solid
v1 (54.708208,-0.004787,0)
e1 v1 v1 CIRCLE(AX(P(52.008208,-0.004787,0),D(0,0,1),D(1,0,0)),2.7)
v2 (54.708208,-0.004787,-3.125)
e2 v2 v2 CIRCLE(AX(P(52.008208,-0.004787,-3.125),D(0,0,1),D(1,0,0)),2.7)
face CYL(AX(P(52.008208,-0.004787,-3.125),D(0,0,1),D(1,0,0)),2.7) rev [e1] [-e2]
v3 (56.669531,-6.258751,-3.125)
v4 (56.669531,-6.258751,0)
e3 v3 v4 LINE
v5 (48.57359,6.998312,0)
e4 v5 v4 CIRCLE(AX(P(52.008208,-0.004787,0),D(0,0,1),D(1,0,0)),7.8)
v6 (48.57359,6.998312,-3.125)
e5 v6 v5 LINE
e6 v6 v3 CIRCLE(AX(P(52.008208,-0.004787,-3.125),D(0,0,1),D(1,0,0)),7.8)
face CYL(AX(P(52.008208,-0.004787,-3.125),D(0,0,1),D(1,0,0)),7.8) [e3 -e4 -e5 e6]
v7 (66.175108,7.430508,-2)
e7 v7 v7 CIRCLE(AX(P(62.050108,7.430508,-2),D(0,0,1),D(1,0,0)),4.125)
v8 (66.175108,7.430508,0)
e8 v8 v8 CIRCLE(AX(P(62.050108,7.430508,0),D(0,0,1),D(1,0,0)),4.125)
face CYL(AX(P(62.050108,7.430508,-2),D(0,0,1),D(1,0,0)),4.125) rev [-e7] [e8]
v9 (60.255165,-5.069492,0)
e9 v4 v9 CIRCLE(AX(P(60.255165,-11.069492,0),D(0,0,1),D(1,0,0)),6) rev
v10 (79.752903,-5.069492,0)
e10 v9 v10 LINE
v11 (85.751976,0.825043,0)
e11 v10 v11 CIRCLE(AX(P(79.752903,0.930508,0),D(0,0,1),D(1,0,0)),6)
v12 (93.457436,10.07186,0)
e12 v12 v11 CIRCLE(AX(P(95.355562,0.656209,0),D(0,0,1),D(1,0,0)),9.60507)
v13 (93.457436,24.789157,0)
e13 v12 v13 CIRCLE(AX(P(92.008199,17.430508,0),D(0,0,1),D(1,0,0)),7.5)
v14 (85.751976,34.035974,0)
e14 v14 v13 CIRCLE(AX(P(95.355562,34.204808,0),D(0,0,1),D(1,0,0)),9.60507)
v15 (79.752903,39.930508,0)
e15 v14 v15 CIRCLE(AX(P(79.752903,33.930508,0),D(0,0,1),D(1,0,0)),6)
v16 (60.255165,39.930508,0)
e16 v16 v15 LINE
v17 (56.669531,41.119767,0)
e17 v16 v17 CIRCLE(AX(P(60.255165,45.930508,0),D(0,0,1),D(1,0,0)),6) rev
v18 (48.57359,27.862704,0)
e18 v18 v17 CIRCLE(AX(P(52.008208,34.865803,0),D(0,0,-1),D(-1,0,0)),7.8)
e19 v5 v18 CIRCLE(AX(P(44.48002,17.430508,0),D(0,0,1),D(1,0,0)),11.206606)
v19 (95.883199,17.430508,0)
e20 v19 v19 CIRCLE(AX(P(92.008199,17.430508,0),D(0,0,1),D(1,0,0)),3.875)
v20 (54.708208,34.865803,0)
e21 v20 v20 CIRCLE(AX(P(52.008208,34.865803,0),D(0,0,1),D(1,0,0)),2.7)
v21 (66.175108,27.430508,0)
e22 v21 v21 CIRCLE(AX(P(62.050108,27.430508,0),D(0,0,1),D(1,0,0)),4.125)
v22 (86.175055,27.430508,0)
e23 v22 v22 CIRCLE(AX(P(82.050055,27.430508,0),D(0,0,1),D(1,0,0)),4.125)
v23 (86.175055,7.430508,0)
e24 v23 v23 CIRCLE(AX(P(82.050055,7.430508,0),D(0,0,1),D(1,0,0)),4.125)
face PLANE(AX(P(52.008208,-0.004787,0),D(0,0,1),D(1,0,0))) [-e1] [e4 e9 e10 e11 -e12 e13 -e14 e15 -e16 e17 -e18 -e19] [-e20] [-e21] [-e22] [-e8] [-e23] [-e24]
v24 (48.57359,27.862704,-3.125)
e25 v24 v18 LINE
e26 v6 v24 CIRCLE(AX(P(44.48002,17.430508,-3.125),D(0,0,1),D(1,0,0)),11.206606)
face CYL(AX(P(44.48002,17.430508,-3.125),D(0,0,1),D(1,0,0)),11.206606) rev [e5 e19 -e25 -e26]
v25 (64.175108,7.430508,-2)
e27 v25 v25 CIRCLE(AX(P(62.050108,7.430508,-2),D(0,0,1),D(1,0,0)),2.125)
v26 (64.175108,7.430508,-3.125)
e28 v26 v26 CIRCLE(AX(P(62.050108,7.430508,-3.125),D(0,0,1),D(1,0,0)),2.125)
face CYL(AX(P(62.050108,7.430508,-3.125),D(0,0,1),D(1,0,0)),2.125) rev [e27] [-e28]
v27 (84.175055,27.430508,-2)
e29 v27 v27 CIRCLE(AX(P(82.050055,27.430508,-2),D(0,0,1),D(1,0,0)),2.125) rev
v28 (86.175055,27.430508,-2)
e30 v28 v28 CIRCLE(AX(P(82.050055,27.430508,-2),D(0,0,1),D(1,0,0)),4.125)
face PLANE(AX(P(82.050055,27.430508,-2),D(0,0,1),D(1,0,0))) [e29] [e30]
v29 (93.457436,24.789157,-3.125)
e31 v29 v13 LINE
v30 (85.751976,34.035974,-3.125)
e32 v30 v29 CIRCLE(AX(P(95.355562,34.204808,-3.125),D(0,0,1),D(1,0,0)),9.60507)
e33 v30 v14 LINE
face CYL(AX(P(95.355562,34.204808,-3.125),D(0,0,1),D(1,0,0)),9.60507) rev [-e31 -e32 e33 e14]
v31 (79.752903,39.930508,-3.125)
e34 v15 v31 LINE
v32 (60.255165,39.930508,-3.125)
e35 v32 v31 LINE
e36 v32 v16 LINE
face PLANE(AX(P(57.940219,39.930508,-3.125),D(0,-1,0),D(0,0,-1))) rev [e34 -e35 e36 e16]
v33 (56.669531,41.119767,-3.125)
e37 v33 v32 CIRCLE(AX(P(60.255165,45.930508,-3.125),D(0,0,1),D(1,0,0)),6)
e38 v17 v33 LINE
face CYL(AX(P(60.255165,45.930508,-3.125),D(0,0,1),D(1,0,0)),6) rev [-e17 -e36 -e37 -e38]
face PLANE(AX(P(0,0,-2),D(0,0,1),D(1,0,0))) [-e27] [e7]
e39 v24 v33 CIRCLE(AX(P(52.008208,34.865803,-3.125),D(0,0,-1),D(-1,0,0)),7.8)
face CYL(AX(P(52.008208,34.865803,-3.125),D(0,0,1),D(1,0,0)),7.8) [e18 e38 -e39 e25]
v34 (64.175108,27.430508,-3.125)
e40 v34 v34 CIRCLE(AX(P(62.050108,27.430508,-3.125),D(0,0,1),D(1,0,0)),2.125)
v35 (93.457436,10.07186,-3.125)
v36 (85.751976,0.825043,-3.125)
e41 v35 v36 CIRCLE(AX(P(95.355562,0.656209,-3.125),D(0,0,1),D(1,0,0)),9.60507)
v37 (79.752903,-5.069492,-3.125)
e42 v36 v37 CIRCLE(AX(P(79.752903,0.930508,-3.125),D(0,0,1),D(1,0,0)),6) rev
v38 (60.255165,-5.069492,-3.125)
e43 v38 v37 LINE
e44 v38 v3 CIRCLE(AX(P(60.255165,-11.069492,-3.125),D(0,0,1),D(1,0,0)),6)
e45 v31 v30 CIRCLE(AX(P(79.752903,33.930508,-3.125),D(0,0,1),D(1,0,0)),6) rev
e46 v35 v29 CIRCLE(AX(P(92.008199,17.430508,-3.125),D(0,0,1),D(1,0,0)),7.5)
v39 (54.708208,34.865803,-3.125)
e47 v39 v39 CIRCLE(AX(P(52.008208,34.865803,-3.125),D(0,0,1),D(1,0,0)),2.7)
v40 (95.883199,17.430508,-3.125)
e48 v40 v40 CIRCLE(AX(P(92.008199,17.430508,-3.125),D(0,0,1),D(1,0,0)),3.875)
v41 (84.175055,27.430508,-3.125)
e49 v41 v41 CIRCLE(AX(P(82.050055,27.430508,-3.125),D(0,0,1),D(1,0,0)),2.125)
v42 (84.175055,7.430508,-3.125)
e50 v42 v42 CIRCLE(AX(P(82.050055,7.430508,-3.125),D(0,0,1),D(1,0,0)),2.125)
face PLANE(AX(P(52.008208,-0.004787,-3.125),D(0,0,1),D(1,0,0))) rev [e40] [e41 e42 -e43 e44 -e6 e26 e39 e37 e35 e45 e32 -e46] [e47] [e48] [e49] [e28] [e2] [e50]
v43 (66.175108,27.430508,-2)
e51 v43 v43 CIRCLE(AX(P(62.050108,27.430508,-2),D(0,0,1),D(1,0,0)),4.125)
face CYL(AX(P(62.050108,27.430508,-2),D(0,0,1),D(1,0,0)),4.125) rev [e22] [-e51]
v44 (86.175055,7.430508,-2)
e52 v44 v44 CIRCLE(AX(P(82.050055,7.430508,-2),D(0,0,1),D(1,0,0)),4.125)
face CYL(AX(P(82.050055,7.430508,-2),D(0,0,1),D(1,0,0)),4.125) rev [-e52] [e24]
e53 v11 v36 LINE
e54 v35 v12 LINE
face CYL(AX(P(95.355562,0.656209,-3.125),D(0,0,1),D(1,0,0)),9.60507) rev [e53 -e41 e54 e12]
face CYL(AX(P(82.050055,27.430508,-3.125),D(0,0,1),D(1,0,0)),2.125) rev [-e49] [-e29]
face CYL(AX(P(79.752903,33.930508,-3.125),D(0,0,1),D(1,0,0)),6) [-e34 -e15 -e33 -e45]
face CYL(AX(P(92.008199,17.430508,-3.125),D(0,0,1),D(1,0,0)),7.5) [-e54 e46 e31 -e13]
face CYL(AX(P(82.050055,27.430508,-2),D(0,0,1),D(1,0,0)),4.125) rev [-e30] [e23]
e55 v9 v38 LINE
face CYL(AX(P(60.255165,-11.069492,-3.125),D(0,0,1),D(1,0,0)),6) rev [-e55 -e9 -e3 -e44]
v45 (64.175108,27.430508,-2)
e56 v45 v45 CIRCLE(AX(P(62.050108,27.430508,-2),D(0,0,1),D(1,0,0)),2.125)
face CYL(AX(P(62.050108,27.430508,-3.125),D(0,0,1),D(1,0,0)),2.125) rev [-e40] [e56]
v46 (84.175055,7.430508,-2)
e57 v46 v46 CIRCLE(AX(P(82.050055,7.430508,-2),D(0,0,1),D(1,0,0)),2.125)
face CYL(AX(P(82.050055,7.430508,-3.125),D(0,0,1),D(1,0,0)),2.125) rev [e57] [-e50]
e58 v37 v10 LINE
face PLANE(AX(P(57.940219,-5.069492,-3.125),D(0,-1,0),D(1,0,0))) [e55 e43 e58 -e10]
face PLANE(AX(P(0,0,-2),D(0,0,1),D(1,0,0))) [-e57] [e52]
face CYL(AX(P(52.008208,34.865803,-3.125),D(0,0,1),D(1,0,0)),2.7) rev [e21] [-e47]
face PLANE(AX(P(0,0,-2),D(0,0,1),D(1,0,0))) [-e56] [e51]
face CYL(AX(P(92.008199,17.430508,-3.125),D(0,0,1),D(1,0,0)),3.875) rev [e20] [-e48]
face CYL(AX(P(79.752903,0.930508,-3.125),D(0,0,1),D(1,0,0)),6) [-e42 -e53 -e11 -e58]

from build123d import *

# Parameters (mm, degrees)
MODEL_R             = 2.7
MODEL_R_2           = 3.875
MODEL_R_3           = 2.125
BOSS_EXTRUDE1_DEPTH = 3.125
MODEL_3_R           = 4.125
MODEL_3_R_2         = 2.125
CUT_EXTRUDE1_DEPTH  = 2
FILLET1_R           = 6
FILLET2_R           = 6


with BuildPart() as part:
    # Model → Boss-Extrude1 (new body)
    with BuildSketch(Plane.XY):
        with BuildLine():
            Line((85.751165458, 39.930508181), (57.940219492, 39.930508181))
            ThreePointArc((57.940219492, 39.930508181), (45.846452894, 39.648352972), (48.573590158, 27.862703884))
            ThreePointArc((48.573590158, 27.862703884), (55.686625956, 17.430508181), (48.573590158, 6.998312478))
            ThreePointArc((48.573590158, 6.998312478), (45.846452894, -4.78733661), (57.940219492, -5.069491819))
            Line((57.940219492, -5.069491819), (85.751165458, -5.069491819))
            Line((85.751165458, -5.069491819), (85.751165458, 0.769903947))
            ThreePointArc((85.751165458, 0.769903947), (87.9590359, 6.783913161), (93.457436342, 10.071859524))
            ThreePointArc((93.457436342, 10.071859524), (99.50819863, 17.430508181), (93.457436342, 24.789156838))
            ThreePointArc((93.457436342, 24.789156838), (87.9590359, 28.077103201), (85.751165458, 34.091112415))
            Line((85.751165458, 34.091112415), (85.751165458, 39.930508181))
        make_face()
        with Locations((52.008207521, -0.004787091)):
            Circle(MODEL_R, mode=Mode.SUBTRACT)
        with Locations((52.008207521, 34.865803453)):
            Circle(MODEL_R, mode=Mode.SUBTRACT)
        with Locations((92.00819863, 17.430508181)):
            Circle(MODEL_R_2, mode=Mode.SUBTRACT)
        with Locations((62.05010788, 7.430508181)):
            Circle(MODEL_R_3, mode=Mode.SUBTRACT)
        with Locations((82.050054867, 7.430508181)):
            Circle(MODEL_R_3, mode=Mode.SUBTRACT)
        with Locations((62.05010788, 27.430508181)):
            Circle(MODEL_R_3, mode=Mode.SUBTRACT)
        with Locations((82.050054867, 27.430508181)):
            Circle(MODEL_R_3, mode=Mode.SUBTRACT)
    extrude(amount=-BOSS_EXTRUDE1_DEPTH)

    # Model<3> → Cut-Extrude1 (cut)
    # profile 1 of 4: a face of its own
    with BuildSketch(Plane.XY):
        with Locations((82.050054867, 27.430508181)):
            Circle(MODEL_3_R)
    # profile 2 of 4: a face of its own
    with BuildSketch(Plane.XY):
        with Locations((62.05010788, 27.430508181)):
            Circle(MODEL_3_R)
        with Locations((62.05010788, 27.430508181)):
            Circle(MODEL_3_R_2, mode=Mode.SUBTRACT)
    # profile 3 of 4: a face of its own
    with BuildSketch(Plane.XY):
        with Locations((62.05010788, 7.430508181)):
            Circle(MODEL_3_R)
        with Locations((62.05010788, 7.430508181)):
            Circle(MODEL_3_R_2, mode=Mode.SUBTRACT)
    # profile 4 of 4: a face of its own
    with BuildSketch(Plane.XY):
        with Locations((82.050054867, 7.430508181)):
            Circle(MODEL_3_R)
        with Locations((82.050054867, 7.430508181)):
            Circle(MODEL_3_R_2, mode=Mode.SUBTRACT)
    extrude(amount=-CUT_EXTRUDE1_DEPTH, mode=Mode.SUBTRACT)

    # Fillet1
    fillet1_edges = [part.edges().sort_by_distance(p)[0] for p in [
        (85.751165458, -5.069491819, -1.5625),
        (85.751165458, 39.930508181, -1.5625),
    ]]
    fillet(fillet1_edges, radius=FILLET1_R)

    # Fillet2
    fillet2_edges = [part.edges().sort_by_distance(p)[0] for p in [
        (57.940219492, 39.930508181, -1.5625),
        (57.940219492, -5.069491819, -1.5625),
    ]]
    fillet(fillet2_edges, radius=FILLET2_R)


solid = part.part
